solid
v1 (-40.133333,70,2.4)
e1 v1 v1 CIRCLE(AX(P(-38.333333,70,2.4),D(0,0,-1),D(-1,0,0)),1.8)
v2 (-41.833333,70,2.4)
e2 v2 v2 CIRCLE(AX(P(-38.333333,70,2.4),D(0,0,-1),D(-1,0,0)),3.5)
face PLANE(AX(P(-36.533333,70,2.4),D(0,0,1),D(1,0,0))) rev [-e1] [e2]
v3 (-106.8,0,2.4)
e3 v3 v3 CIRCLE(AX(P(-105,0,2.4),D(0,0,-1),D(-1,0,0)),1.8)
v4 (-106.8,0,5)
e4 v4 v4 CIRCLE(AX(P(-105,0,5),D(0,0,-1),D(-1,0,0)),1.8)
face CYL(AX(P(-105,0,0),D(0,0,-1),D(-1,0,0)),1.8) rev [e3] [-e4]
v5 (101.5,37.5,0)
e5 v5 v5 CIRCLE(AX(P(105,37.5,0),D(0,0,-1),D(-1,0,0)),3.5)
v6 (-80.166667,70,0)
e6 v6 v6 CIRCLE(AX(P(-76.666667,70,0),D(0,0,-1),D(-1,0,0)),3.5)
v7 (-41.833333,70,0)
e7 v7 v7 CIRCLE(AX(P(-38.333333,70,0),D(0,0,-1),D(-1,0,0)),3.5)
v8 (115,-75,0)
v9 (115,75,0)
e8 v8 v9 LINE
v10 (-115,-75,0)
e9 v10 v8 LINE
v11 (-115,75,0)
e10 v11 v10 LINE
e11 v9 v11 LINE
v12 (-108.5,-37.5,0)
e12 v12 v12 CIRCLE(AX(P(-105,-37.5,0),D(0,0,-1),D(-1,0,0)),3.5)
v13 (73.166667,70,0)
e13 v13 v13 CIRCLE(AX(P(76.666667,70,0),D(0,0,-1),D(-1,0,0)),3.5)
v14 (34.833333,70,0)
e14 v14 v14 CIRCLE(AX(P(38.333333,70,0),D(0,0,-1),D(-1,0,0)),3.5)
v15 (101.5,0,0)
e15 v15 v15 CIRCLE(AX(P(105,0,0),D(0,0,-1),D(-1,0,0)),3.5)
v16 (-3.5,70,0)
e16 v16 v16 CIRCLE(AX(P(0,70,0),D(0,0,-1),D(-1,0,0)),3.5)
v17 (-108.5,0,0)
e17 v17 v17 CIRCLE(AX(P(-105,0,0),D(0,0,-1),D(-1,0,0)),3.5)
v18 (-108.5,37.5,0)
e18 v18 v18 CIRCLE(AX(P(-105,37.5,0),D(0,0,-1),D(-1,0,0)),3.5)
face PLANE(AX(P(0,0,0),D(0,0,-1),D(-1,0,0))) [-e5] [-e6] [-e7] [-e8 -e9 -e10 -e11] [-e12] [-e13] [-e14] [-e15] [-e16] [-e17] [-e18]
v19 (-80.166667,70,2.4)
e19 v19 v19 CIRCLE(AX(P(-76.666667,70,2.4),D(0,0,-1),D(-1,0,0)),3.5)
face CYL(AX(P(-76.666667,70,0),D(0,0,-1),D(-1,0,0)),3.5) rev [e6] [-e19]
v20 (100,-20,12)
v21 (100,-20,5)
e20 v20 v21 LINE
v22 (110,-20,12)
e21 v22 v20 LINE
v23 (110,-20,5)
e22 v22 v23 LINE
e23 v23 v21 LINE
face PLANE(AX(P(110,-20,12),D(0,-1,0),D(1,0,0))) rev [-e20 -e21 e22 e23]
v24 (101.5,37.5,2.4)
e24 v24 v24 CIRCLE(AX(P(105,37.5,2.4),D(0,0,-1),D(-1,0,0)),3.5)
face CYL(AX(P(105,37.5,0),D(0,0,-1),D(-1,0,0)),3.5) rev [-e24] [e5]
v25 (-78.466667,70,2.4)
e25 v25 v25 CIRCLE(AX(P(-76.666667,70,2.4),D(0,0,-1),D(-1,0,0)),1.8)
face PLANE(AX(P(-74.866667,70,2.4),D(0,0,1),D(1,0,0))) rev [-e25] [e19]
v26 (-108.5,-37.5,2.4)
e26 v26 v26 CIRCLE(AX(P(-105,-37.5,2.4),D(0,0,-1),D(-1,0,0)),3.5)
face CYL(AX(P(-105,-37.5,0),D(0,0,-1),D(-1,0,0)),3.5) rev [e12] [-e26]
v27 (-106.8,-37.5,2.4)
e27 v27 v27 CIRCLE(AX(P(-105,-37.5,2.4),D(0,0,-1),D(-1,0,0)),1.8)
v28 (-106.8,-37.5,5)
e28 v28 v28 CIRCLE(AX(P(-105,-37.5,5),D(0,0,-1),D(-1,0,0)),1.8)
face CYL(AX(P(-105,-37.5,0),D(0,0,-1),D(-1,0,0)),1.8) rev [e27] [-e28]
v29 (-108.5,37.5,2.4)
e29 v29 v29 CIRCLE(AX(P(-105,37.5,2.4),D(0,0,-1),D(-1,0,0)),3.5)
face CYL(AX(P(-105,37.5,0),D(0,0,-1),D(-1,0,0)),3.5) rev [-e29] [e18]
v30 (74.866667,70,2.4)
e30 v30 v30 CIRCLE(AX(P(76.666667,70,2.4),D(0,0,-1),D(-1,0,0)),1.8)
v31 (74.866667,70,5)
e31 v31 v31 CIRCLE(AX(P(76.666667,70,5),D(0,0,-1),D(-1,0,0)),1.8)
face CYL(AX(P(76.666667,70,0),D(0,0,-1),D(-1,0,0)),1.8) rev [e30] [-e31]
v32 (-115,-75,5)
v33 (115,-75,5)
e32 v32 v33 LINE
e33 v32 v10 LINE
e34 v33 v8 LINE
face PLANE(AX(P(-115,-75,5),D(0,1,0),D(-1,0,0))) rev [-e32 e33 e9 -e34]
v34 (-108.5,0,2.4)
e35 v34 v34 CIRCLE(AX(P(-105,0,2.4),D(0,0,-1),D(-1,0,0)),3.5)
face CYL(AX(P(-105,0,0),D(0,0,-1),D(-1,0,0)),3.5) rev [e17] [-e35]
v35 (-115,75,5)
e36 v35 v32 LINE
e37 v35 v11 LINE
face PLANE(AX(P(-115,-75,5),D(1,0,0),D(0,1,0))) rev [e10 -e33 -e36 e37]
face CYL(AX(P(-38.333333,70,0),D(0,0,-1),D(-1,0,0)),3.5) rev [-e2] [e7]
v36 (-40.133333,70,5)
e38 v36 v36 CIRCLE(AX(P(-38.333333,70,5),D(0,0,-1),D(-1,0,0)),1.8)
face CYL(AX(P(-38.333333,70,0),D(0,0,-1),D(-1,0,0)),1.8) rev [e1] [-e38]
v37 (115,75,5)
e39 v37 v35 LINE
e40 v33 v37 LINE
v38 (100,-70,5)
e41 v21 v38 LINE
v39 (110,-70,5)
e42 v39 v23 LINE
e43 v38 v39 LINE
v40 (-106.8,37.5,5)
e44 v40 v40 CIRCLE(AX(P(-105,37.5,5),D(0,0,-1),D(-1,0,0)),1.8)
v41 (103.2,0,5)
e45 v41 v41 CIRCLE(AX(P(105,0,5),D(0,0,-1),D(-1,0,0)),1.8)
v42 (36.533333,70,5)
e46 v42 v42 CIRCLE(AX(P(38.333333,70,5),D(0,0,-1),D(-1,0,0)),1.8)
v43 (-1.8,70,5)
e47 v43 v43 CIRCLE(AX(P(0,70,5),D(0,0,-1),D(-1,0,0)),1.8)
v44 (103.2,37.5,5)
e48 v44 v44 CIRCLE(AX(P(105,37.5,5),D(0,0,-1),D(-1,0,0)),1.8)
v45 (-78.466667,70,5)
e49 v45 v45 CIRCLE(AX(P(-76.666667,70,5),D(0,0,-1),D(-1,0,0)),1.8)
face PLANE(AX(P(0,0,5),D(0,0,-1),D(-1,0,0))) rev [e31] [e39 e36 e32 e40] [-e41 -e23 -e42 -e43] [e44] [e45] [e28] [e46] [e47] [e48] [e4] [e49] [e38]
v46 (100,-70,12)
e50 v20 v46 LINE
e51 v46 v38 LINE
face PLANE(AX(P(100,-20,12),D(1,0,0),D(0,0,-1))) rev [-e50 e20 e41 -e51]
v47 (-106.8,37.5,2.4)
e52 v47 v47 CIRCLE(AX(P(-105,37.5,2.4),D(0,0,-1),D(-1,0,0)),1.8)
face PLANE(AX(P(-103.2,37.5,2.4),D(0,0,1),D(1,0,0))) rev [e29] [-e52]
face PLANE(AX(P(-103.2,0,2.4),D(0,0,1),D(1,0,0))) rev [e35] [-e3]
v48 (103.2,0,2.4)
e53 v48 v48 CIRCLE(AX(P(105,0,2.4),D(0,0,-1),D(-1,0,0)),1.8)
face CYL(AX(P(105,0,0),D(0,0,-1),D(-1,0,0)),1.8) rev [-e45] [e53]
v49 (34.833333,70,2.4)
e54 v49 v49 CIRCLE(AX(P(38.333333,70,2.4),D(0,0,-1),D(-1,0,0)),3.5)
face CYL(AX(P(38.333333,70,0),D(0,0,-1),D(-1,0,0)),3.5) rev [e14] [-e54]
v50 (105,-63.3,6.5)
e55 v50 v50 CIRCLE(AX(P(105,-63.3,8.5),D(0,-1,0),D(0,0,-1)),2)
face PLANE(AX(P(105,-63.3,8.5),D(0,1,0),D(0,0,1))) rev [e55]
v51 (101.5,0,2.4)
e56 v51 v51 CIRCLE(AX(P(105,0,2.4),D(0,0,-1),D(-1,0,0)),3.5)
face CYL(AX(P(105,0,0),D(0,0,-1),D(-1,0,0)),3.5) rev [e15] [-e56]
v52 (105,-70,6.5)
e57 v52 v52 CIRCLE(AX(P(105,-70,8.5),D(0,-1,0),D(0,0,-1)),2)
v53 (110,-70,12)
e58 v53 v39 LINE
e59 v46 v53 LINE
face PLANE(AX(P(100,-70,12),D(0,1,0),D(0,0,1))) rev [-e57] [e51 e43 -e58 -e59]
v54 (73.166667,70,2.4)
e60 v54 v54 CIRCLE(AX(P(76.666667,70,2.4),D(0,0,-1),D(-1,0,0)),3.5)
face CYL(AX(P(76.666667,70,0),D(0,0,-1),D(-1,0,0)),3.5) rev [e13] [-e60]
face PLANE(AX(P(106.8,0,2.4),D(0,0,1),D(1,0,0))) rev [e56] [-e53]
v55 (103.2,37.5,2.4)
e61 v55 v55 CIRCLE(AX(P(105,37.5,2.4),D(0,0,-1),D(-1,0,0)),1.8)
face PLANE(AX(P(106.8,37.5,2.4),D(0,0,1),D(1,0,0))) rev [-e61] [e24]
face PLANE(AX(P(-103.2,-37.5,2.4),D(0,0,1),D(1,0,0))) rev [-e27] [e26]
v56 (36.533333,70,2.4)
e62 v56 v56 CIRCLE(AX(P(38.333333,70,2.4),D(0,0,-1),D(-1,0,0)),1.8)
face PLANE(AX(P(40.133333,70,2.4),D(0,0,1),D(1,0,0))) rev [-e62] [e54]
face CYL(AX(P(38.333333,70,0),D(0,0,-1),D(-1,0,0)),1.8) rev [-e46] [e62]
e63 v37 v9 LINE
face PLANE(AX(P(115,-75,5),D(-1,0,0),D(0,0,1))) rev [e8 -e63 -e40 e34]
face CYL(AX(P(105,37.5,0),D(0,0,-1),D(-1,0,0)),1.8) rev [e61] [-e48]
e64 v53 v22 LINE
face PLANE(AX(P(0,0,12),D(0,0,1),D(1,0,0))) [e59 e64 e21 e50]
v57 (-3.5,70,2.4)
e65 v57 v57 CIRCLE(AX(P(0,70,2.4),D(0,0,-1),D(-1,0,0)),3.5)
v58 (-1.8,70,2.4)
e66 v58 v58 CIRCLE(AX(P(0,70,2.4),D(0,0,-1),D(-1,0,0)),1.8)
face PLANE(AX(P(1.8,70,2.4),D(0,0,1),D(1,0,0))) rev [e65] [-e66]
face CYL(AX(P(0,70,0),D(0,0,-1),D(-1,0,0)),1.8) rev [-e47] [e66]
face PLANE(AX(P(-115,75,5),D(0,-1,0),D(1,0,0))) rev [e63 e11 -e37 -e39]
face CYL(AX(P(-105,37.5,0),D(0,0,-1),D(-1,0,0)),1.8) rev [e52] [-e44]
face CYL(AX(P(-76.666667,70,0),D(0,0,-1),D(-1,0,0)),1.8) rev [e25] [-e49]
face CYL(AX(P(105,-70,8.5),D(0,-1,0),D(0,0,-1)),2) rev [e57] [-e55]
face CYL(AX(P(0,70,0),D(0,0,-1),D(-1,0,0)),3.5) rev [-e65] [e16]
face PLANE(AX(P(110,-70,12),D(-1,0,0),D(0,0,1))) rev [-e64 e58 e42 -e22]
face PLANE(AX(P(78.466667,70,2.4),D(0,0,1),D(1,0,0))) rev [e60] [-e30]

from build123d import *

# Parameters (mm, degrees)
SZKIC1_W                                          = 230
SZKIC1_H                                          = 150
DODANIE_WYCI_GNI_CIE1_DEPTH                       = 5
POG_BIENIE_WALCOWE_POD_M3_RUB_Z_BEM_S_D           = 3.6
POG_BIENIE_WALCOWE_POD_M3_RUB_Z_BEM_S_DEPTH       = 6.7
POG_BIENIE_WALCOWE_POD_M3_RUB_Z_BEM_S_CBORE_D     = 7
POG_BIENIE_WALCOWE_POD_M3_RUB_Z_BEM_S_CBORE_DEPTH = 2.4
POG_BIENIE_WALCOWE_POD_M3_RUB_Z_BEM_S_TIP         = 1.081549114
POG_BIENIE_WALCOWE_POD_M3_RUB_Z_B_2_D             = 3.6
POG_BIENIE_WALCOWE_POD_M3_RUB_Z_B_2_DEPTH         = 6.7
POG_BIENIE_WALCOWE_POD_M3_RUB_Z_B_2_CBORE_D       = 7
POG_BIENIE_WALCOWE_POD_M3_RUB_Z_B_2_CBORE_DEPTH   = 2.4
POG_BIENIE_WALCOWE_POD_M3_RUB_Z_B_2_TIP           = 1.081549114
SZKIC7_W                                          = 10
SZKIC7_H                                          = 50
DODANIE_WYCI_GNI_CIE3_DEPTH                       = 7
OTWORY_USTALAJ_CE_4_0MM1_D                        = 4
OTWORY_USTALAJ_CE_4_0MM1_DEPTH                    = 6.7


with BuildPart() as part:
    # Szkic1 → Dodanie-wyciągnięcie1 (new body)
    with BuildSketch(Plane.XY):
        Rectangle(SZKIC1_W, SZKIC1_H)
    extrude(amount=DODANIE_WYCI_GNI_CIE1_DEPTH)

    # Pog_bienie walcowe pod M3 _rub_ z _bem s
    with Locations(Plane(origin=(0, 0, 0), x_dir=(-1, 0, 0), z_dir=(0, 0, -1))):
        with Locations((105, 37.5), (105, 0), (105, -37.5), (-105, 0), (-105, 37.5)):
            CounterBoreHole(POG_BIENIE_WALCOWE_POD_M3_RUB_Z_BEM_S_D / 2, POG_BIENIE_WALCOWE_POD_M3_RUB_Z_BEM_S_CBORE_D / 2, POG_BIENIE_WALCOWE_POD_M3_RUB_Z_BEM_S_CBORE_DEPTH, depth=POG_BIENIE_WALCOWE_POD_M3_RUB_Z_BEM_S_DEPTH)
            with Locations((0, 0, -(POG_BIENIE_WALCOWE_POD_M3_RUB_Z_BEM_S_DEPTH + POG_BIENIE_WALCOWE_POD_M3_RUB_Z_BEM_S_TIP / 2))):  # 118° drill point
                Cone(0, POG_BIENIE_WALCOWE_POD_M3_RUB_Z_BEM_S_D / 2, POG_BIENIE_WALCOWE_POD_M3_RUB_Z_BEM_S_TIP, mode=Mode.SUBTRACT)

    # Pog_bienie walcowe pod M3 _rub_ z _b 2
    with Locations(Plane(origin=(0, 0, 0), x_dir=(-1, 0, 0), z_dir=(0, 0, -1))):
        with Locations((-76.666666667, 70), (-38.333333337, 70), (-7e-09, 70), (38.333333323, 70), (76.666666653, 70)):
            CounterBoreHole(POG_BIENIE_WALCOWE_POD_M3_RUB_Z_B_2_D / 2, POG_BIENIE_WALCOWE_POD_M3_RUB_Z_B_2_CBORE_D / 2, POG_BIENIE_WALCOWE_POD_M3_RUB_Z_B_2_CBORE_DEPTH, depth=POG_BIENIE_WALCOWE_POD_M3_RUB_Z_B_2_DEPTH)
            with Locations((0, 0, -(POG_BIENIE_WALCOWE_POD_M3_RUB_Z_B_2_DEPTH + POG_BIENIE_WALCOWE_POD_M3_RUB_Z_B_2_TIP / 2))):  # 118° drill point
                Cone(0, POG_BIENIE_WALCOWE_POD_M3_RUB_Z_B_2_D / 2, POG_BIENIE_WALCOWE_POD_M3_RUB_Z_B_2_TIP, mode=Mode.SUBTRACT)

    # Szkic7 → Dodanie-wyciągnięcie3 (add)
    with BuildSketch(Plane.XY.offset(5)):
        with Locations((105, -45)):
            Rectangle(SZKIC7_W, SZKIC7_H)
    extrude(amount=DODANIE_WYCI_GNI_CIE3_DEPTH)

    # Otwory ustalające Ø4.0mm1
    with Locations(Plane.XZ.offset(70)):
        with Locations((105, 8.5)):
            Hole(OTWORY_USTALAJ_CE_4_0MM1_D / 2, depth=OTWORY_USTALAJ_CE_4_0MM1_DEPTH)


solid = part.part
